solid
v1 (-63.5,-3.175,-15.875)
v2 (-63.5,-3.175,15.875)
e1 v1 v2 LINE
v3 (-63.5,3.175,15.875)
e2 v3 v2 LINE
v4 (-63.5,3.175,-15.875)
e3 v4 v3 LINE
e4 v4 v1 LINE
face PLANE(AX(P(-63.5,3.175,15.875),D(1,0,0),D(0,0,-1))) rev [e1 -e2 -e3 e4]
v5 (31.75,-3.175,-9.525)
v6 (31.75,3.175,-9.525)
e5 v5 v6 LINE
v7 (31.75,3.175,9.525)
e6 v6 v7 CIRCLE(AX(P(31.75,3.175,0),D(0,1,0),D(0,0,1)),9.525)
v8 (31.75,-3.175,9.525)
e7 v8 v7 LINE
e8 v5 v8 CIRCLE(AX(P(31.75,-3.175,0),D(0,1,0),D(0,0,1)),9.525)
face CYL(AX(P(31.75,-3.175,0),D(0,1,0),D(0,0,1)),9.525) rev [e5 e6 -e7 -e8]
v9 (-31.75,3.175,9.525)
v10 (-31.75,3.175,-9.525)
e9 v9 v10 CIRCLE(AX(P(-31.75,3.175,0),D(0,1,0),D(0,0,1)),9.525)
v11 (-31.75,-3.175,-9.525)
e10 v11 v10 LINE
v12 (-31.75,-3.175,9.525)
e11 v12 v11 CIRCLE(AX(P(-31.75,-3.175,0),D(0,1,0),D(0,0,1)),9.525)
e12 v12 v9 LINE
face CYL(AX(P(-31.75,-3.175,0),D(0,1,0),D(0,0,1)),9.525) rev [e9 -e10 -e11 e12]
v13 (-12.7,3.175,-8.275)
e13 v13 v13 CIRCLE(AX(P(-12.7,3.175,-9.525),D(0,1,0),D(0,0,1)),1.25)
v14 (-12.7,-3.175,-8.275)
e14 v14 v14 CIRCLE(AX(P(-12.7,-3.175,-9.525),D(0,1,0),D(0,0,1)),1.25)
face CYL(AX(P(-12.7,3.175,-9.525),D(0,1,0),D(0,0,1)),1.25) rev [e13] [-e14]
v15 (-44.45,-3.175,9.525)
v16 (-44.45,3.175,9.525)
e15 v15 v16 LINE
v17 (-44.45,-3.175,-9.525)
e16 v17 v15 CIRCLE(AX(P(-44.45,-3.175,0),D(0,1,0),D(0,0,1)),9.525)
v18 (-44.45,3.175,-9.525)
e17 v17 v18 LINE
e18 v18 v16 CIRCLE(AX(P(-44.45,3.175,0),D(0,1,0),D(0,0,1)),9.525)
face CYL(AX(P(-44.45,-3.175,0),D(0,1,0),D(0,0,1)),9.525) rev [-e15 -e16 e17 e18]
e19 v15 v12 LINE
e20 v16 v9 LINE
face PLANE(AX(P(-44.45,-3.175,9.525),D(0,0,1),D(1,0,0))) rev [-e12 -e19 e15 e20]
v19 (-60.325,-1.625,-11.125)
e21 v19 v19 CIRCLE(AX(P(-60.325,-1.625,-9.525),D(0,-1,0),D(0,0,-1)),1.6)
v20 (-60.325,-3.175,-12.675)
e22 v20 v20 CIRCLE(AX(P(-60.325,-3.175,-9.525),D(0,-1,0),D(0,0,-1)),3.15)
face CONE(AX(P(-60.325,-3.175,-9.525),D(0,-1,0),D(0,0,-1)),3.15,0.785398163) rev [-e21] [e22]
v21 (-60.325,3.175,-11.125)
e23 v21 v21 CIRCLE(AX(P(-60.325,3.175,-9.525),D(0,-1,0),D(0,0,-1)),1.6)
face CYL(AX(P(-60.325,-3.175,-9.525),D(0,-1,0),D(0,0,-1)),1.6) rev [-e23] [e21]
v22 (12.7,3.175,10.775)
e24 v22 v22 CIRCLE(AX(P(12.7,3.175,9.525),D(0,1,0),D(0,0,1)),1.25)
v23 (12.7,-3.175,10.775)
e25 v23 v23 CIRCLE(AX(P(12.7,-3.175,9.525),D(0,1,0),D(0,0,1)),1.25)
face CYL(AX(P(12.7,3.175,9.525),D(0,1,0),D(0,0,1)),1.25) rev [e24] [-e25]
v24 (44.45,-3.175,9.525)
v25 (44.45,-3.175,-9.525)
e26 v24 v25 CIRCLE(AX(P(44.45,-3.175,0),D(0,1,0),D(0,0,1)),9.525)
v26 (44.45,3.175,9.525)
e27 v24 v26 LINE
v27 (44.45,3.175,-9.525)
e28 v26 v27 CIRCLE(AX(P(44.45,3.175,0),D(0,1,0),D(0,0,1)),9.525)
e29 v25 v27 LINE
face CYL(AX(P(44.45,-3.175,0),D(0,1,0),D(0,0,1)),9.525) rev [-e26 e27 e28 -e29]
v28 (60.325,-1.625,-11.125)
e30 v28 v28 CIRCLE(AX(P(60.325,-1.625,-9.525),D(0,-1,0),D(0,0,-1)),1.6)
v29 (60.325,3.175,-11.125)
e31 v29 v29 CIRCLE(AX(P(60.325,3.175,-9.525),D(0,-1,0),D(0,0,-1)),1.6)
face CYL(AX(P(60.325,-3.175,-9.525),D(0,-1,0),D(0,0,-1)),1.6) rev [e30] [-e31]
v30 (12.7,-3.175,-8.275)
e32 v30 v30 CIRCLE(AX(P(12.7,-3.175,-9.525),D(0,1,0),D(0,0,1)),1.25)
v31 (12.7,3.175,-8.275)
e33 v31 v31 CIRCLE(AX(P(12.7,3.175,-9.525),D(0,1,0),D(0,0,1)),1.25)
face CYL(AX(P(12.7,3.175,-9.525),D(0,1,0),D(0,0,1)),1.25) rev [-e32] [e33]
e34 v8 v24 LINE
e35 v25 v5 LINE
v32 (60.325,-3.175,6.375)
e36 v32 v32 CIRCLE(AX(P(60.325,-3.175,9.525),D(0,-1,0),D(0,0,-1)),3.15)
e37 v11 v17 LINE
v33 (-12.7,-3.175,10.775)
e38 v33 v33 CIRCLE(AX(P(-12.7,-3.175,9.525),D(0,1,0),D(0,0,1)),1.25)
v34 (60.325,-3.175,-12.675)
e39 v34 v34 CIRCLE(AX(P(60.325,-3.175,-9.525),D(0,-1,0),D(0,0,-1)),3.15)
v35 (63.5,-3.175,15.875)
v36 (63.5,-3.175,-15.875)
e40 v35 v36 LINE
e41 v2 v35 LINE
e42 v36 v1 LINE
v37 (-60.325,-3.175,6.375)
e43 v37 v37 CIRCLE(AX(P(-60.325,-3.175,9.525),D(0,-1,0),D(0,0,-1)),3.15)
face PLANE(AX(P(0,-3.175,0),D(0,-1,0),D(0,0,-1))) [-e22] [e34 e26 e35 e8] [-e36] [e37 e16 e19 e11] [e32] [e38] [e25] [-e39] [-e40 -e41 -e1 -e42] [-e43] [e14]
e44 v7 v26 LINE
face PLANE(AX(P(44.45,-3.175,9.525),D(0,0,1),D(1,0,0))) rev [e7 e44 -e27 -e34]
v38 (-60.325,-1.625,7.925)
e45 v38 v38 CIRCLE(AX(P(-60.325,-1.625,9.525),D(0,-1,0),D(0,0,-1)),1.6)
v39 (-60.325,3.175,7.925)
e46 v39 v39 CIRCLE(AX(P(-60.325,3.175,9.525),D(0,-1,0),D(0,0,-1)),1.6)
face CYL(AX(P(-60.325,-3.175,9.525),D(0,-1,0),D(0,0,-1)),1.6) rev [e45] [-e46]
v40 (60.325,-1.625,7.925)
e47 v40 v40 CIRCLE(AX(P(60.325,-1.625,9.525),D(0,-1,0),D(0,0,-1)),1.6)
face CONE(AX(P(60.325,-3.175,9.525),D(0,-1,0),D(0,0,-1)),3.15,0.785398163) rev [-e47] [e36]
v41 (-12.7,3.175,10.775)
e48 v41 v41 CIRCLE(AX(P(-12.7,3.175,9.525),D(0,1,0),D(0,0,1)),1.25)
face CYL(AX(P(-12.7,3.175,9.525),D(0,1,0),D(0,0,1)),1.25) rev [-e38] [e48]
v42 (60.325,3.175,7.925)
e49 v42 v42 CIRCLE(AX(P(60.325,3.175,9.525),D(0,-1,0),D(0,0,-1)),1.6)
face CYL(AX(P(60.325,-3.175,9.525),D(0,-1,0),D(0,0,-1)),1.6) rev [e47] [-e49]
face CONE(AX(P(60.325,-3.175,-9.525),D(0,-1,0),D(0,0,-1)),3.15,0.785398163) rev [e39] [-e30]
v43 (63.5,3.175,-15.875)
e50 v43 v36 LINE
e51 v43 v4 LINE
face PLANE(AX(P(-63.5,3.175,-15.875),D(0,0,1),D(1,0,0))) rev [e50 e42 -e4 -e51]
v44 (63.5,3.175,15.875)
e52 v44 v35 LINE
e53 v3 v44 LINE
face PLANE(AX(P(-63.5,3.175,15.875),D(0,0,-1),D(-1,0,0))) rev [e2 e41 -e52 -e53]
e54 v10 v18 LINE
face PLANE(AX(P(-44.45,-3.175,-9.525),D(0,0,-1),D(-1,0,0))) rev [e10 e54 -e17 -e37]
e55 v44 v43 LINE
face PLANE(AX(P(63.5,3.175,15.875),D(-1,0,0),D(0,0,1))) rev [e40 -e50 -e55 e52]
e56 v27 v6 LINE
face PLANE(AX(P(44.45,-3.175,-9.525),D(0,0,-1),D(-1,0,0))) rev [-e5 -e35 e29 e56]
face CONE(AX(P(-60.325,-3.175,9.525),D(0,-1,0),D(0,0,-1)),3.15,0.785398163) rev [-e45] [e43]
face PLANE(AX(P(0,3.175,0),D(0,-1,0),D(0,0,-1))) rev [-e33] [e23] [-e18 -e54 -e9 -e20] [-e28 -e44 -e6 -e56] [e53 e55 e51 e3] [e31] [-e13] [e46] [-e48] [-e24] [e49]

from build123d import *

# Parameters (mm, degrees)
SKETCH1_W                                       = 127
SKETCH1_H                                       = 31.75
BOSS_EXTRUDE1_DEPTH                             = 3.175
CSK_FOR_M3_FLAT_HEAD_MACHINE_SCREW1_D           = 3.2
CSK_FOR_M3_FLAT_HEAD_MACHINE_SCREW1_DEPTH       = 12.7
CSK_FOR_M3_FLAT_HEAD_MACHINE_SCREW1_CSINK_D     = 6.3
CSK_FOR_M3_FLAT_HEAD_MACHINE_SCREW1_CSINK_ANGLE = 90
CSK_FOR_M3_FLAT_HEAD_MACHINE_SCREW1_TIP         = 0.96137699
M3X0_5_TAPPED_HOLE1_D                           = 2.5
CUT_EXTRUDE1_DEPTH                              = 66.761600688


with BuildPart() as part:
    # Sketch1 → Boss-Extrude1 (new, symmetric)
    with BuildSketch(Plane(origin=(0, 0, 0), x_dir=(1, 0, 0), z_dir=(0, 1, 0))):
        Rectangle(SKETCH1_W, SKETCH1_H)
    extrude(amount=BOSS_EXTRUDE1_DEPTH, both=True)

    # CSK for M3 Flat Head Machine Screw1
    with Locations(Plane(origin=(0, -3.175, 0), x_dir=(-1, 0, 0), z_dir=(0, -1, 0))):
        with Locations((60.325, 9.525), (60.325, -9.525), (-60.325, -9.525), (-60.325, 9.525)):
            CounterSinkHole(CSK_FOR_M3_FLAT_HEAD_MACHINE_SCREW1_D / 2, CSK_FOR_M3_FLAT_HEAD_MACHINE_SCREW1_CSINK_D / 2, depth=CSK_FOR_M3_FLAT_HEAD_MACHINE_SCREW1_DEPTH, counter_sink_angle=CSK_FOR_M3_FLAT_HEAD_MACHINE_SCREW1_CSINK_ANGLE)
            with Locations((0, 0, -(CSK_FOR_M3_FLAT_HEAD_MACHINE_SCREW1_DEPTH + CSK_FOR_M3_FLAT_HEAD_MACHINE_SCREW1_TIP / 2))):  # 118° drill point
                Cone(0, CSK_FOR_M3_FLAT_HEAD_MACHINE_SCREW1_D / 2, CSK_FOR_M3_FLAT_HEAD_MACHINE_SCREW1_TIP, mode=Mode.SUBTRACT)

    # M3x0.5 Tapped Hole1 (through all)
    with Locations(Plane(origin=(0, 3.175, 0), x_dir=(1, 0, 0), z_dir=(0, 1, 0))):
        with Locations((-12.7, 9.525), (12.7, 9.525), (12.7, -9.525), (-12.7, -9.525)):
            Hole(M3X0_5_TAPPED_HOLE1_D / 2)

    # Sketch10 → Cut-Extrude1 (cut, through all)
    with BuildSketch(Plane(origin=(0, 3.175, 0), x_dir=(1, 0, 0), z_dir=(0, 1, 0))):
        with BuildLine():
            Line((-44.45, 9.525), (-31.75, 9.525))
            ThreePointArc((-31.75, 9.525), (-22.225, 0), (-31.75, -9.525))
            Line((-31.75, -9.525), (-44.45, -9.525))
            ThreePointArc((-44.45, -9.525), (-53.975, 0), (-44.45, 9.525))
        make_face()
        with BuildLine():
            Line((44.45, -9.525), (31.75, -9.525))
            ThreePointArc((31.75, -9.525), (22.225, 0), (31.75, 9.525))
            Line((31.75, 9.525), (44.45, 9.525))
            ThreePointArc((44.45, 9.525), (53.975, 0), (44.45, -9.525))
        make_face()
    extrude(amount=-CUT_EXTRUDE1_DEPTH, mode=Mode.SUBTRACT)


solid = part.part
